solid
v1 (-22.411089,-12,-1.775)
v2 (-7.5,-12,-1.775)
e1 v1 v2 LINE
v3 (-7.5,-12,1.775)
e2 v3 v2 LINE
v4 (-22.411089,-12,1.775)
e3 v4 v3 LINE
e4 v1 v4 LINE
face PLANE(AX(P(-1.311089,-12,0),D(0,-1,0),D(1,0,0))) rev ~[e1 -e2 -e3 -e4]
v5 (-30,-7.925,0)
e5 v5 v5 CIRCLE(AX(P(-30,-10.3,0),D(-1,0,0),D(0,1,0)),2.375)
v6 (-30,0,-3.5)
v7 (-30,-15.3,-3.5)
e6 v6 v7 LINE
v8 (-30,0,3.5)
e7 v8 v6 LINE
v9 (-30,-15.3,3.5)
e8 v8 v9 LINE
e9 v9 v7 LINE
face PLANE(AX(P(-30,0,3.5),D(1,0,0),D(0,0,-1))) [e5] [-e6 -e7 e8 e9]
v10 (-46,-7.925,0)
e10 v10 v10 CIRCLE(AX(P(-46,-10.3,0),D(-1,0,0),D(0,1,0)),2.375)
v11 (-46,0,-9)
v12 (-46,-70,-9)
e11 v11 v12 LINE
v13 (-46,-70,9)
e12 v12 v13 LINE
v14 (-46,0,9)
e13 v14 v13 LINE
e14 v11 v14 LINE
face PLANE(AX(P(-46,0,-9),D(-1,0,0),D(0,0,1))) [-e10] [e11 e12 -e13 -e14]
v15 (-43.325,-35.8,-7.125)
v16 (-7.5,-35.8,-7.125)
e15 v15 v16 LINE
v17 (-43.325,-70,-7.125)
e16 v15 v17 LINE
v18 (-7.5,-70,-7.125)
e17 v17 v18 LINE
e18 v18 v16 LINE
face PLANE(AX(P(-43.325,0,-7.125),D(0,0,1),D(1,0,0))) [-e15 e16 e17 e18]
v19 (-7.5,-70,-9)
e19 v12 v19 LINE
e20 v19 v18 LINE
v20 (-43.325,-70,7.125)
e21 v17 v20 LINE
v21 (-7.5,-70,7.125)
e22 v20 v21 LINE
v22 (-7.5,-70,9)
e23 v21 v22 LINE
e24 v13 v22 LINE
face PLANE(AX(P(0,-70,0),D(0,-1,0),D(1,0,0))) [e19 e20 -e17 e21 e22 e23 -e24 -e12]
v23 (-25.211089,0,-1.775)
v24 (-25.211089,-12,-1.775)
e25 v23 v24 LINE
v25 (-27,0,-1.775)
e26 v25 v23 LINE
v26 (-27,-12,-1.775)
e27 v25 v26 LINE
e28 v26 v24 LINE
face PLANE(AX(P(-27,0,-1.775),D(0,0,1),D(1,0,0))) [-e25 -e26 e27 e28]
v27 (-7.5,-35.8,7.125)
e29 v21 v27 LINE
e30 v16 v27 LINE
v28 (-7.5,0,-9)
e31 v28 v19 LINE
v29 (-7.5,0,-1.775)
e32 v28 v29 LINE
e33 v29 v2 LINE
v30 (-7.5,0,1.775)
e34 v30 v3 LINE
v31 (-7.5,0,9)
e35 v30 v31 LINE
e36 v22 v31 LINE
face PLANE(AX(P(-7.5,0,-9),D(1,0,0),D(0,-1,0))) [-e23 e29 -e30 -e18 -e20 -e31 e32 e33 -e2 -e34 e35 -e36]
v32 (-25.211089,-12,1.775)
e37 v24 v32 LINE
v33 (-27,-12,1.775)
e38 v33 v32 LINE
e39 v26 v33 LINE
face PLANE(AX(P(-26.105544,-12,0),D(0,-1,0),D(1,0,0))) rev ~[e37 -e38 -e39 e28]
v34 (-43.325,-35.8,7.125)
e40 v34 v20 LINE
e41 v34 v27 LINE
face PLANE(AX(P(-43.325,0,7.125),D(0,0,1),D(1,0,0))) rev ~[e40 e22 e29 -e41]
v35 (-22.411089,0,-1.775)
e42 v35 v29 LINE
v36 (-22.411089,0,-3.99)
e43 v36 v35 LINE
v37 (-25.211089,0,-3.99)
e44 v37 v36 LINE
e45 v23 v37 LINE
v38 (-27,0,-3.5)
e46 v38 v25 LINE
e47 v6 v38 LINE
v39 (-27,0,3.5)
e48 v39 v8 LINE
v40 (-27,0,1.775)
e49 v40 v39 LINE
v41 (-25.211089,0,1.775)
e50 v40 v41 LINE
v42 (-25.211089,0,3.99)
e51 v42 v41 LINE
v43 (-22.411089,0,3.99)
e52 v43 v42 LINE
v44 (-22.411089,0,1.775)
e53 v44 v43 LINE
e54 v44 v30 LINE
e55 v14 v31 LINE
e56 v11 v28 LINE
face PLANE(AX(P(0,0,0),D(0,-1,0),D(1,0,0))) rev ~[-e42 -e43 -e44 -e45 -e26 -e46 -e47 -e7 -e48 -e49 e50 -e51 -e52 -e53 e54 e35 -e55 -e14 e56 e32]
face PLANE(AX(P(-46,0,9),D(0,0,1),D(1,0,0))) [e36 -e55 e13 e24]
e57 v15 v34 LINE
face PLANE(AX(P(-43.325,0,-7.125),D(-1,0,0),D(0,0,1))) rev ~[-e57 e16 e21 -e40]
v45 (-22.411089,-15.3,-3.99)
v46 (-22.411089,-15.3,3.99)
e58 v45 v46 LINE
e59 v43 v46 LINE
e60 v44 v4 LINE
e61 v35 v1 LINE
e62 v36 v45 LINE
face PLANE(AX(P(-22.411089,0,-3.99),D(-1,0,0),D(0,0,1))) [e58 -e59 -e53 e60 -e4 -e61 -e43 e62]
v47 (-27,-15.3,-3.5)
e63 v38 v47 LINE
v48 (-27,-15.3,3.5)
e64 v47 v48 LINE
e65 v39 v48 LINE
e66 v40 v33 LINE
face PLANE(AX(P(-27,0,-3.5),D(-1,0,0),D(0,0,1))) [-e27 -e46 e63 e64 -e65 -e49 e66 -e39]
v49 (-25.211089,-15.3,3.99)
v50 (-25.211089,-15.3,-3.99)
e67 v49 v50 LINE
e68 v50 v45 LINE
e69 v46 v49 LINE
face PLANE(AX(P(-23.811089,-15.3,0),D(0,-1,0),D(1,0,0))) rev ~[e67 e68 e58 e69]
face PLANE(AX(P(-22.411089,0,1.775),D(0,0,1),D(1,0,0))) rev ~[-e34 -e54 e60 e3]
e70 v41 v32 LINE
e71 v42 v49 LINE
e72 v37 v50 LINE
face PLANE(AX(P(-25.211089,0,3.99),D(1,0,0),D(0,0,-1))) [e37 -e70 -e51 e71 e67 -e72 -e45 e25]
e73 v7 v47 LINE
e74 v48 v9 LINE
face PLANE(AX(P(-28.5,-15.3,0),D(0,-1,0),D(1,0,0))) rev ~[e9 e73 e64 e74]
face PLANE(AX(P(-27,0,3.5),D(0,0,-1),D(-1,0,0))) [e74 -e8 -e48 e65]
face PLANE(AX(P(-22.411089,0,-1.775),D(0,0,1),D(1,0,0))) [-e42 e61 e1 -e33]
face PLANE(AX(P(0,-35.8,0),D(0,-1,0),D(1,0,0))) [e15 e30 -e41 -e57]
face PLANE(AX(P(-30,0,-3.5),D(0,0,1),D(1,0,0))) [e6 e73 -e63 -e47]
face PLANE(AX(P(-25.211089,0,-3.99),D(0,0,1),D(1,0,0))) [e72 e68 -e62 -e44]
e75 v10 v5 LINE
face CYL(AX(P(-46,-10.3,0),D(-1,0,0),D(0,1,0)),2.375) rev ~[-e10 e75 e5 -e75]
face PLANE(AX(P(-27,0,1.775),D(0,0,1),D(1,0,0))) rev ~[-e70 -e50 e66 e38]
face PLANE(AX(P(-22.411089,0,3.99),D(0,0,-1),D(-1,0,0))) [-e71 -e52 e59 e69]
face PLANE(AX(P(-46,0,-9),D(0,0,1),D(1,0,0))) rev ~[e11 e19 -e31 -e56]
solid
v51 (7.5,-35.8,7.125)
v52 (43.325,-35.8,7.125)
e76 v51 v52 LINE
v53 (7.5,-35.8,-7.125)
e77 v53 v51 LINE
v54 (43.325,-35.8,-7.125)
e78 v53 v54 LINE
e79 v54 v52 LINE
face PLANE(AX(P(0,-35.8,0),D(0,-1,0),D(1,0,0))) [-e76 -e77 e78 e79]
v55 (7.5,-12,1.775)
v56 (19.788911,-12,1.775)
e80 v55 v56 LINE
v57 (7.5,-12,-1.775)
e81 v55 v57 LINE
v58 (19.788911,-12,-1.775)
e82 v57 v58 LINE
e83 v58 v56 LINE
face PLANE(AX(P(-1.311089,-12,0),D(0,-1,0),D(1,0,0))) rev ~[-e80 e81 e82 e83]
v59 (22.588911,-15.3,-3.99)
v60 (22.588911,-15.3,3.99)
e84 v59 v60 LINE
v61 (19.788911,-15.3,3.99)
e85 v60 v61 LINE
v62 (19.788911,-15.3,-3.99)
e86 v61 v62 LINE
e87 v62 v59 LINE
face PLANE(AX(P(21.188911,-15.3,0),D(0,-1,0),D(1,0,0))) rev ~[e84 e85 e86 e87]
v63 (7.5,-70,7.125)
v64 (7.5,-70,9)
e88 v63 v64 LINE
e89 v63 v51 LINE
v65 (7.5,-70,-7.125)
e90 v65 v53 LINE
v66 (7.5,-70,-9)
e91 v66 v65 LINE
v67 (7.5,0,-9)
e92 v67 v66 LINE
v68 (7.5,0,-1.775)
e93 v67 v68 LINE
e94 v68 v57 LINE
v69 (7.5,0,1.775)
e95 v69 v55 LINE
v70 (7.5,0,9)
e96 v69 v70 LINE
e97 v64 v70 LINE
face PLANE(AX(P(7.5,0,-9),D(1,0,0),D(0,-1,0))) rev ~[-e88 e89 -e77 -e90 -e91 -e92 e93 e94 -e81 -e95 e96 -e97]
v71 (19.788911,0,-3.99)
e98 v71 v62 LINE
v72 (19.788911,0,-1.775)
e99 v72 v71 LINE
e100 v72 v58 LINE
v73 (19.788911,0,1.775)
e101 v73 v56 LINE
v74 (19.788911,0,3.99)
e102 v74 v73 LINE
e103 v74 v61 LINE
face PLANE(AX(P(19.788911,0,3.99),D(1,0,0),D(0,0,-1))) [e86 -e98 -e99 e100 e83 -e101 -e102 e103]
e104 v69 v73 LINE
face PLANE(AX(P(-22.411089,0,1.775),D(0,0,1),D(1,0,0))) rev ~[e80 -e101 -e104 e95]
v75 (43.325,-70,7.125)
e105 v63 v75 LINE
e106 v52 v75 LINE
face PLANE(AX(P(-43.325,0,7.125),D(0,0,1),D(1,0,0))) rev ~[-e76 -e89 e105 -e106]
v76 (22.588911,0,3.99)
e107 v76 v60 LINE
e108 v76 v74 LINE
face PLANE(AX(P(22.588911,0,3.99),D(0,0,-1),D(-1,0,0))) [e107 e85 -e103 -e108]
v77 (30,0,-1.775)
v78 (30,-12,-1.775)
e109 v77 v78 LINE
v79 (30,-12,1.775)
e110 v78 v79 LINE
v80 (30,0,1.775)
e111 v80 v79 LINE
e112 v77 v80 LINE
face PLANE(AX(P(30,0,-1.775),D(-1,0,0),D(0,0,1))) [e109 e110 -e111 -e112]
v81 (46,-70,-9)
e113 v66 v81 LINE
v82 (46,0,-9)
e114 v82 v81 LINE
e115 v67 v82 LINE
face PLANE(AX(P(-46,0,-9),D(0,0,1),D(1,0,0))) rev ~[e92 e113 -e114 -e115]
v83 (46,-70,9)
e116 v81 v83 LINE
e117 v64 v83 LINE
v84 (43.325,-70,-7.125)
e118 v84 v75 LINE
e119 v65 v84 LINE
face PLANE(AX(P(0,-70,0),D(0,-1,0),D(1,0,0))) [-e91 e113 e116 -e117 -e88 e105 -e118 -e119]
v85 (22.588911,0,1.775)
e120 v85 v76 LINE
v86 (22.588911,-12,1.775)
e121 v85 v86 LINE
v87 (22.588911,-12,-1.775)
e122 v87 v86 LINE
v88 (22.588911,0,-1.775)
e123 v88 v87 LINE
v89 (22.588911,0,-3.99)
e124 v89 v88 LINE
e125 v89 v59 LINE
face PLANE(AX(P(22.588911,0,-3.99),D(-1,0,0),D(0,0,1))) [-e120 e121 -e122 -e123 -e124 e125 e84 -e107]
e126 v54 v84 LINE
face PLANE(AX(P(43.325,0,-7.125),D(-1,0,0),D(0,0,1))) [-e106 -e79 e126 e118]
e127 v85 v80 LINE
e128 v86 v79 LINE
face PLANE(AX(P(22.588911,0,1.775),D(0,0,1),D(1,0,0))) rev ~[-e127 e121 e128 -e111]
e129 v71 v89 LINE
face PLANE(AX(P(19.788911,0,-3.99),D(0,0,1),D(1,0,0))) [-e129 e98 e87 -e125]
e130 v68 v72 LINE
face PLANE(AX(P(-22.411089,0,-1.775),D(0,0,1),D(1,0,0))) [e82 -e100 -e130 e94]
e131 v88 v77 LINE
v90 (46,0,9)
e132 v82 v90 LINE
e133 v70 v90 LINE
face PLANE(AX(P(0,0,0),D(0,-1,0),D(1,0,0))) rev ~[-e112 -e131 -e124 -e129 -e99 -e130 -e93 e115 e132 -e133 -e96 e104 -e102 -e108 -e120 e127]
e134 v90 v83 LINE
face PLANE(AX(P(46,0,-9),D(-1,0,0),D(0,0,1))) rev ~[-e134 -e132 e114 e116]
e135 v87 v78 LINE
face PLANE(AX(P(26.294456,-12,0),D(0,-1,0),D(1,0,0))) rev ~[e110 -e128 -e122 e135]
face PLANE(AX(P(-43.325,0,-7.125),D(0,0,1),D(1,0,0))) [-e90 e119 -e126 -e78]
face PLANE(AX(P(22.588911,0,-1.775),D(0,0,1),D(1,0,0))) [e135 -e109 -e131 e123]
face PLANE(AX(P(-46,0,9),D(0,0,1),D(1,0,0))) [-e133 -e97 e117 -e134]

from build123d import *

# Parameters (mm, degrees)
F0_W      = 92
F0_H      = 18
F0_W_2    = 86.65
F0_H_2    = 14.25
F1_DEPTH  = 70
F2_DEPTH  = 35.8
F4_W      = 13.3
F4_H      = 8.6
F5_DEPTH  = 22
F3_R      = 2
F6_DEPTH  = 8
F8_W      = 10.7813365757
F8_H      = 6.4464779571
F8_R      = 3.2
F9_DEPTH  = 9.9
F10_W     = 15
F10_H     = 70
F11_DEPTH = 24.4
F13_W     = 7.4110888749
F13_H     = 3.55
F13_W_2   = 42.2
F13_W_3   = 1.7889111251
F14_DEPTH = 12
F15_DEPTH = 15.3
F17_DEPTH = 16.6


with BuildPart() as f1:
    # F0 (on Front) → F1 (new body)
    with BuildSketch(Plane.XZ):
        Rectangle(F0_W, F0_H)
        Rectangle(F0_W_2, F0_H_2, mode=Mode.SUBTRACT)
    extrude(amount=F1_DEPTH)

    # F0 (on Front) → F2 (join)
    with BuildSketch(Plane.XZ):
        Rectangle(F0_W_2, F0_H_2)
    extrude(amount=F2_DEPTH)

    # F4 (on face) → F5 (cut)
    with BuildSketch(Plane.XZ.offset(35.8)):
        Rectangle(F4_W, F4_H)
    extrude(amount=-F5_DEPTH, mode=Mode.SUBTRACT)

    # F3 (on Front) → F6 (cut)
    with BuildSketch(Plane.XZ):
        Circle(F3_R)
    extrude(amount=F6_DEPTH, mode=Mode.SUBTRACT)

    # F8 (on face) → F9 (cut)
    with BuildSketch(Plane.XZ.offset(13.8)):
        with Locations((0, -0.695)):
            Rectangle(F8_W, F8_H)
        with Locations((0, -0.695)):
            Circle(F8_R, mode=Mode.SUBTRACT)
        with Locations((0, -0.695)):
            Circle(F8_R)
    extrude(amount=-F9_DEPTH, mode=Mode.SUBTRACT)

    # F10 (on face) → F11 (cut)
    with BuildSketch(Plane(origin=(0, 0, -9), x_dir=(1, 0, 0), z_dir=(0, 0, -1))):
        with Locations((0, 35)):
            Rectangle(F10_W, F10_H)
    extrude(amount=-F11_DEPTH, mode=Mode.SUBTRACT)

    # F13 (on face) → F14 (cut)
    with BuildSketch(Plane.XZ):
        with Locations((26.2944555625, 0)):
            Rectangle(F13_W, F13_H)
        with Locations((-1.3110888749, 0)):
            Rectangle(F13_W_2, F13_H)
        with Locations((-26.1055444375, 0)):
            Rectangle(F13_W_3, F13_H)
    extrude(amount=F14_DEPTH, mode=Mode.SUBTRACT)

    # F13 (on face) → F15 (cut)
    with BuildSketch(Plane.XZ):
        Polygon((19.7889111251, 1.775), (19.7889111251, -1.775), (19.7889111251, -3.99), (22.5889111251, -3.99), (22.5889111251, -1.775), (22.5889111251, 1.775), (22.5889111251, 3.99), (19.7889111251, 3.99), align=None)
        Polygon((-25.2110888749, 1.775), (-25.2110888749, -1.775), (-25.2110888749, -3.99), (-22.4110888749, -3.99), (-22.4110888749, -1.775), (-22.4110888749, 1.775), (-22.4110888749, 3.99), (-25.2110888749, 3.99), align=None)
        Polygon((-27, -3.5), (-27, -1.775), (-27, 1.775), (-27, 3.5), (-30, 3.5), (-30, 1.775), (-30, -1.775), (-30, -3.5), align=None)
    extrude(amount=F15_DEPTH, mode=Mode.SUBTRACT)

    # F16 (on face) → F17 (cut)
    with BuildSketch(Plane(origin=(-46, 0, 0), x_dir=(0, -1, 0), z_dir=(-1, 0, 0))):
        with BuildLine():
            ThreePointArc((12.675, 0), (10.3, 2.375), (7.925, 0))
            ThreePointArc((7.925, 0), (10.3, -2.375), (12.675, 0))
        make_face()
    extrude(amount=-F17_DEPTH, mode=Mode.SUBTRACT)


solid = f1.part
